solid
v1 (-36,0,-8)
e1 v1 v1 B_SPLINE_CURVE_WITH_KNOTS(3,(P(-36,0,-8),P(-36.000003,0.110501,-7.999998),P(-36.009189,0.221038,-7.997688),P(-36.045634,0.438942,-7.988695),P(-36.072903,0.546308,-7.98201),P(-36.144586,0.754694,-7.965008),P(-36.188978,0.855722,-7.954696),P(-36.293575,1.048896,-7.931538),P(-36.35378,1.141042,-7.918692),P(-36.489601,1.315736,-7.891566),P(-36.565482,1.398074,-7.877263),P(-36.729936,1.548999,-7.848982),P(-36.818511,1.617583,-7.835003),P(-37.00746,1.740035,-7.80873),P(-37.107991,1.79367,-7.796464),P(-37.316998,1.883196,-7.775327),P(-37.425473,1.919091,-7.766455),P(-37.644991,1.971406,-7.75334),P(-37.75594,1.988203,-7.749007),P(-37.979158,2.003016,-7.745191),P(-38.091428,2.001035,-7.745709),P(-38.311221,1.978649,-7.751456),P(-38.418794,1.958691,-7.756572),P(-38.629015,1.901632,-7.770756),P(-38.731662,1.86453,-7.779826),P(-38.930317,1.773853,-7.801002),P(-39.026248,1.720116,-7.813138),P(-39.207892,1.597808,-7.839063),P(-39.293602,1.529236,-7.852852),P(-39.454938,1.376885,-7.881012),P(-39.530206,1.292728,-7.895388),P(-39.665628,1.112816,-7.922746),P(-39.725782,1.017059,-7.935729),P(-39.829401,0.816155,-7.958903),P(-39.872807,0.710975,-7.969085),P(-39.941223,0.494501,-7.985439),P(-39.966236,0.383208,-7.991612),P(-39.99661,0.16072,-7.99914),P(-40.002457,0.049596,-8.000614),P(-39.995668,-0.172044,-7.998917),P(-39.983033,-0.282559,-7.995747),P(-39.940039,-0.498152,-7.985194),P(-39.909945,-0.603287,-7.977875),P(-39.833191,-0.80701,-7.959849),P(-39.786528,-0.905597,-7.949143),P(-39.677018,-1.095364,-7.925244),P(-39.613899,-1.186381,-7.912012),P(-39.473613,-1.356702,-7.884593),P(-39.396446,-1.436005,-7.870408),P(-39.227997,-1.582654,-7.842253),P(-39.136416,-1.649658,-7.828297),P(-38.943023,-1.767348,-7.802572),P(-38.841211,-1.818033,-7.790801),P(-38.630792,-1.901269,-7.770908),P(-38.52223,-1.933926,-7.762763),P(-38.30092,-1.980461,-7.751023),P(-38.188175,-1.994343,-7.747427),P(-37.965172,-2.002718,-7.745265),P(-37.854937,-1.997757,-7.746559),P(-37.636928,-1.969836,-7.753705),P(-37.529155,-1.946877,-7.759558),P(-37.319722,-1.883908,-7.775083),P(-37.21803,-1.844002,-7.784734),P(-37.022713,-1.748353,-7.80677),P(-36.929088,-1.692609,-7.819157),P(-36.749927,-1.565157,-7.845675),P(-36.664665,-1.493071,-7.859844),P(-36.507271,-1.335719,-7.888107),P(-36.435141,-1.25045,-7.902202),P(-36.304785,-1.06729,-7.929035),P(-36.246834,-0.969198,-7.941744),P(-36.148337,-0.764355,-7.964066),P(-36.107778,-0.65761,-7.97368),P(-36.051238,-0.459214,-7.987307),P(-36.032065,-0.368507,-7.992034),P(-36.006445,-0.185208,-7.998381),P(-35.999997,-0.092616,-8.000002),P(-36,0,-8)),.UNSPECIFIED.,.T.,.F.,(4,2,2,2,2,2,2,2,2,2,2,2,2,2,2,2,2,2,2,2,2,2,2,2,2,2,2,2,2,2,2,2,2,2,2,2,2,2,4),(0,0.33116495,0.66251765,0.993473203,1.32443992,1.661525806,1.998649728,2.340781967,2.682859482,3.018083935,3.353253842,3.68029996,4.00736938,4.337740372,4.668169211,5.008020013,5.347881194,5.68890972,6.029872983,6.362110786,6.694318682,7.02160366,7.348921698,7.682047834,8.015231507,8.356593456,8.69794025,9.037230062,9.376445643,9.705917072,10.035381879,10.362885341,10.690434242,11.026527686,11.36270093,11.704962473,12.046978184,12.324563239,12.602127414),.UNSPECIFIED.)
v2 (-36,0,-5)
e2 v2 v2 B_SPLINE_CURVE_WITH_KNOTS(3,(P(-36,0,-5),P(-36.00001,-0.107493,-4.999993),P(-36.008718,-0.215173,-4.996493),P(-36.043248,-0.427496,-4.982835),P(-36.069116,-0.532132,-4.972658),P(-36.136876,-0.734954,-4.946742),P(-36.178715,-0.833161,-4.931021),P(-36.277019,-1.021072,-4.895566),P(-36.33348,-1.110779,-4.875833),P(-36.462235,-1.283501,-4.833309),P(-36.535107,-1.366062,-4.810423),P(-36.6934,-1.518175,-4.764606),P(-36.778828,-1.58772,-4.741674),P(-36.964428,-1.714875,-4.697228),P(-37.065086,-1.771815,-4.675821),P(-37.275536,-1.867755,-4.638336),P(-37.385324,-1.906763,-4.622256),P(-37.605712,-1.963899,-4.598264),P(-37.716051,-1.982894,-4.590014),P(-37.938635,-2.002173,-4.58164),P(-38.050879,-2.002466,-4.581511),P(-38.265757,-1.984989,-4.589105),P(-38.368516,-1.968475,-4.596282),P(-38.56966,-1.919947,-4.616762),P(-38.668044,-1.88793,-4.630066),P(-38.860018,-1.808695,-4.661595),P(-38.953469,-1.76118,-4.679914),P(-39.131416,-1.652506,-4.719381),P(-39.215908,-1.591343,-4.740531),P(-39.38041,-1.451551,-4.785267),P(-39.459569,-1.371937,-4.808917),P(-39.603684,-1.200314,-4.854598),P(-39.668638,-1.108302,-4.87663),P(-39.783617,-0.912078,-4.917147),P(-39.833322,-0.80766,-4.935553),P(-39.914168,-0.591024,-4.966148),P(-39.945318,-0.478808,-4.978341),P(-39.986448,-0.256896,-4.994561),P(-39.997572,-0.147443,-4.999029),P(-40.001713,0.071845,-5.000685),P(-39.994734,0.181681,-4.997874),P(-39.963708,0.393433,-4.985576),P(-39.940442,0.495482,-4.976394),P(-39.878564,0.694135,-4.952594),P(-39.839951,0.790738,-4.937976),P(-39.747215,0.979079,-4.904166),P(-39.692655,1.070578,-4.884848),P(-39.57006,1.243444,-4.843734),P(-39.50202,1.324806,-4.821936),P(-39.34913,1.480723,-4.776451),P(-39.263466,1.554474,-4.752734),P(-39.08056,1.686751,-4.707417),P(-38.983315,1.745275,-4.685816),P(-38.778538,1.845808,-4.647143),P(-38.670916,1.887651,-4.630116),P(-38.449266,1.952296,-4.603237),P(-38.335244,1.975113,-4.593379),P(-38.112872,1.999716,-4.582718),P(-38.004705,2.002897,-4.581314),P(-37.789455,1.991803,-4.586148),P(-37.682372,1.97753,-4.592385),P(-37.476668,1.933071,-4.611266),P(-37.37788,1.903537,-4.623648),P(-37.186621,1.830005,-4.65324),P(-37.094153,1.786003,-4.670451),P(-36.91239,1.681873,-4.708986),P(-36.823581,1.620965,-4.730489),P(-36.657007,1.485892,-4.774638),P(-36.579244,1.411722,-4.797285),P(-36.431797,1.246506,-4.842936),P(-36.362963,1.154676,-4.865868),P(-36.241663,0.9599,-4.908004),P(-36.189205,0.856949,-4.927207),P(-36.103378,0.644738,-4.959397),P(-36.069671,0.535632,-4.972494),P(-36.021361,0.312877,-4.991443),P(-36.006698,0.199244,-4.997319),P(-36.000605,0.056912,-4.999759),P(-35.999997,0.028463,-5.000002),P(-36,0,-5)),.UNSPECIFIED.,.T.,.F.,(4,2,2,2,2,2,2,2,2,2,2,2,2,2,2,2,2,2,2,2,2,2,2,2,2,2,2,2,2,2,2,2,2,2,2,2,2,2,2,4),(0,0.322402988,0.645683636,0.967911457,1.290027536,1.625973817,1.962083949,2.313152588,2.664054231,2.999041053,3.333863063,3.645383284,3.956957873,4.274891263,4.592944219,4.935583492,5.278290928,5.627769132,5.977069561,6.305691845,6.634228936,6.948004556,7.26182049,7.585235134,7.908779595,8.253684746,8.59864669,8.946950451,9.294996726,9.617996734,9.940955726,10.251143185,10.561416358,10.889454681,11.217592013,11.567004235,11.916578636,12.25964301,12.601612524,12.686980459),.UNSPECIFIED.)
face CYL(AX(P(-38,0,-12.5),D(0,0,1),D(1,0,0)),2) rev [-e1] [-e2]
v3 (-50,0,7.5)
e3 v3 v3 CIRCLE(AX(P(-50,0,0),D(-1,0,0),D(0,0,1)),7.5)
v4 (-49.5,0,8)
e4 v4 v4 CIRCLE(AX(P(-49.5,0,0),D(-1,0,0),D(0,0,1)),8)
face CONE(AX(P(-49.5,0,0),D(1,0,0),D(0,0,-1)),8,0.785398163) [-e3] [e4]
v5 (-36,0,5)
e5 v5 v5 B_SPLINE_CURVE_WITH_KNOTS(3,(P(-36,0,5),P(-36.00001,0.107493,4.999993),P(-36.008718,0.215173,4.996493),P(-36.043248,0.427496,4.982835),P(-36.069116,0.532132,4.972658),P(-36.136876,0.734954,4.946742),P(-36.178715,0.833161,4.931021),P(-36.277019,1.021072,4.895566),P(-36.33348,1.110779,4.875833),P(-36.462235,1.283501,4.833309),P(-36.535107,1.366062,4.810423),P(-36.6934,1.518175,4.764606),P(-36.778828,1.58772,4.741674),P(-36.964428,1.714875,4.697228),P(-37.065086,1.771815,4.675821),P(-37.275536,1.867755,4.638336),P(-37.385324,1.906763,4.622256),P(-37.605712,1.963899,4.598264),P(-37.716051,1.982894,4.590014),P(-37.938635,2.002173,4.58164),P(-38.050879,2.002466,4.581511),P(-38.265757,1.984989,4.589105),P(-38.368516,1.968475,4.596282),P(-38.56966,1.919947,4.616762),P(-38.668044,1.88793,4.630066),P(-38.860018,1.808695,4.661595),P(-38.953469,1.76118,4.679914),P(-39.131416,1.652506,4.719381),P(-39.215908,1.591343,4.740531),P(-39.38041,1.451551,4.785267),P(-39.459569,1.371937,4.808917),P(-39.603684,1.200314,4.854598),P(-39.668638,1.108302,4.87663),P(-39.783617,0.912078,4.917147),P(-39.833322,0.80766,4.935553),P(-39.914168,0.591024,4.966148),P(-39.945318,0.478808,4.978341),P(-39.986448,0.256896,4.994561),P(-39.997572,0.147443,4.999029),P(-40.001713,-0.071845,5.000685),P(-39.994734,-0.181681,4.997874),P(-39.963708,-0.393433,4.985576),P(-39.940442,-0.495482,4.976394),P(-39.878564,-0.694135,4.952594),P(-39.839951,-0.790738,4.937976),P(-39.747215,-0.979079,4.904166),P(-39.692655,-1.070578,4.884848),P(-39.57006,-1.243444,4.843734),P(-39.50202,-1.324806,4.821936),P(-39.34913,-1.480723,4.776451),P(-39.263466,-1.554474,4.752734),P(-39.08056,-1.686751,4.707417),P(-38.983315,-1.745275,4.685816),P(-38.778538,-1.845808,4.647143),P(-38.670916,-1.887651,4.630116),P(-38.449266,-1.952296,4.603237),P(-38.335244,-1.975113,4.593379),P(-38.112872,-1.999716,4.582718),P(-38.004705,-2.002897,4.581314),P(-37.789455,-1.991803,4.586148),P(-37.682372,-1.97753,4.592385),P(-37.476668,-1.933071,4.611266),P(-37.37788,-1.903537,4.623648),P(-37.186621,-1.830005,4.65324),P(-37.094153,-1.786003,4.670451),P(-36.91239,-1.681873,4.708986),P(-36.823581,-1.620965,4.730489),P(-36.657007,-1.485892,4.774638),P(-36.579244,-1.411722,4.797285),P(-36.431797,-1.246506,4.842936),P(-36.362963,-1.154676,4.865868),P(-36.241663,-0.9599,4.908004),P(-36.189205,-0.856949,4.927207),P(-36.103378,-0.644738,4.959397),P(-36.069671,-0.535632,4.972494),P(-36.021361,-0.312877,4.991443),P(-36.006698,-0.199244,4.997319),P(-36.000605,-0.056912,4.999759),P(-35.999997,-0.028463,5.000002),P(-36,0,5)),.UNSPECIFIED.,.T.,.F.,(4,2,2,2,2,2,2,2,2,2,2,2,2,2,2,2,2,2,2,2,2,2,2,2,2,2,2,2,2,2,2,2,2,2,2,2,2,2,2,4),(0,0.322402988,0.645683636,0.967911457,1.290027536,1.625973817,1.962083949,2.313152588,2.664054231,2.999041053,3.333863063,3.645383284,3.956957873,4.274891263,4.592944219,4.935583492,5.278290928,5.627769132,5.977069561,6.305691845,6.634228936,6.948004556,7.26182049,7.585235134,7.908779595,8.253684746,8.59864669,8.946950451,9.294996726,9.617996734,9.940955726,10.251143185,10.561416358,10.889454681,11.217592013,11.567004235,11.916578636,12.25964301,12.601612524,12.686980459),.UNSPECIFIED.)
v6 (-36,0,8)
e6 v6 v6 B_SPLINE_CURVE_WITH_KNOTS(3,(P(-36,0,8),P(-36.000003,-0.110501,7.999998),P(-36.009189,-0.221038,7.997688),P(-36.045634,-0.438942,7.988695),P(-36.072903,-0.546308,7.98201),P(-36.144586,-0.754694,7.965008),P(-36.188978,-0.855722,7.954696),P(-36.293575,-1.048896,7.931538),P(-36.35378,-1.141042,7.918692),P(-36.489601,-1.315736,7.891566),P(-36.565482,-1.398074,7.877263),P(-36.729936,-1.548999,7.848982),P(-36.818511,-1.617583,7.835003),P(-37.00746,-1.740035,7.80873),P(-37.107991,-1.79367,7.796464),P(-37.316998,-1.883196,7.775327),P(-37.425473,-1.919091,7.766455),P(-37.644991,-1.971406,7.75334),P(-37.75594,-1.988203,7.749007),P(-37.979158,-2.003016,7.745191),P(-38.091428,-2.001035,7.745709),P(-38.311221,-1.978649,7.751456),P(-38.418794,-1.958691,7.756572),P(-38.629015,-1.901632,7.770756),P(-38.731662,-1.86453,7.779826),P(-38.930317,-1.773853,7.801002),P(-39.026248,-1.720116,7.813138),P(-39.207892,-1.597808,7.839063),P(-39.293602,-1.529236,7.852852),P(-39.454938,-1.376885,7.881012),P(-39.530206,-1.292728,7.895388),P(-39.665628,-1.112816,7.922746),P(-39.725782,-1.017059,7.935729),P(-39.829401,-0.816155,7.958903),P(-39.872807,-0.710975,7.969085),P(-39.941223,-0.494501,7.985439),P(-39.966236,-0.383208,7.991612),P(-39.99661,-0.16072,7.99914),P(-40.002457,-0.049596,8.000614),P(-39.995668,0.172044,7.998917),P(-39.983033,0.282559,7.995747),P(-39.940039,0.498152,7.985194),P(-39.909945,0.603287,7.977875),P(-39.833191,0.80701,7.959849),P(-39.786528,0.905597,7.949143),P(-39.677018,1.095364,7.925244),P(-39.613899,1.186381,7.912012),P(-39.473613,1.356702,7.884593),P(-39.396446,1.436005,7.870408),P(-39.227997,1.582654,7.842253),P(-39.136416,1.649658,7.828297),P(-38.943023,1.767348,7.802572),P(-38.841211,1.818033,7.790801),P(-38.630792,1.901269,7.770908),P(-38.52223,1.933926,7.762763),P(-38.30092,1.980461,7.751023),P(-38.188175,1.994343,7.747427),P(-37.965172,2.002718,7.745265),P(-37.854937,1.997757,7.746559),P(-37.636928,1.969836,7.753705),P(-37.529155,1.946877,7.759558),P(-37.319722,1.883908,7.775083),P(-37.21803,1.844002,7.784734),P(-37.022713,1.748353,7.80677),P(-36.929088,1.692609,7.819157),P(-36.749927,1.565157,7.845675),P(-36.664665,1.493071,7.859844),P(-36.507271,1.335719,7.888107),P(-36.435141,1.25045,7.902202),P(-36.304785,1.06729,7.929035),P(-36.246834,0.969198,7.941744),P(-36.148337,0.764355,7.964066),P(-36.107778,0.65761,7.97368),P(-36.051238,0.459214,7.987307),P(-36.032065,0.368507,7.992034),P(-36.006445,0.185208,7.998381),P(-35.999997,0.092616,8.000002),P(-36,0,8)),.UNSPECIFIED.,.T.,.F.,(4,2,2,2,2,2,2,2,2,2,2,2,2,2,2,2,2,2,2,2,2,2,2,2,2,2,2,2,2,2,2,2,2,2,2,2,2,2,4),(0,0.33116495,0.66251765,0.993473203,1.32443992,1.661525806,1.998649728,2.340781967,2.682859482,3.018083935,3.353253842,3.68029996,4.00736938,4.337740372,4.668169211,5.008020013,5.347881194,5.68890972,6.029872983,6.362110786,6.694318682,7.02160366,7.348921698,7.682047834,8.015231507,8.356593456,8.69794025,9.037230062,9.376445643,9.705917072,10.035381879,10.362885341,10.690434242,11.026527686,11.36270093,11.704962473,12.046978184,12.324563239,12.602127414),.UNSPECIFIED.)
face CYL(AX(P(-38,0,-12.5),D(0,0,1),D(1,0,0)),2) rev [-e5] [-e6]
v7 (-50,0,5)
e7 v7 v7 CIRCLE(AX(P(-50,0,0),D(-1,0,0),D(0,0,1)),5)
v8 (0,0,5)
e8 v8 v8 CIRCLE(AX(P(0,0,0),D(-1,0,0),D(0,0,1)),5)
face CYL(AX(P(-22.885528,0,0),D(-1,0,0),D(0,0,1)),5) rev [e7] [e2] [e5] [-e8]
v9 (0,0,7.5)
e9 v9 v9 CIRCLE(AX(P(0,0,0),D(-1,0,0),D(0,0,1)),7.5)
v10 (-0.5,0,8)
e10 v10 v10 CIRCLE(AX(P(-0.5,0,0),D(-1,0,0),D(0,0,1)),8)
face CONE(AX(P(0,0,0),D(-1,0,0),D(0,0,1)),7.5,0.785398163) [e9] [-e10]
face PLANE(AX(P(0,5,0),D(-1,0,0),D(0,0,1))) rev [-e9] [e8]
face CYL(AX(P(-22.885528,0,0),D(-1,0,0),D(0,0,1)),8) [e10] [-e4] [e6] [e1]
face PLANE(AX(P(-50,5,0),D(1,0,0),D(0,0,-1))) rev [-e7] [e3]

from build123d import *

# Parameters (mm, degrees)
ESQUISSE2_R             = 2
ENL_V_MAT_EXTRU_1_DEPTH = 12.5


with BuildPart() as part:
    # Esquisse1 → Base-Révolution (revolve)
    with BuildSketch(Plane.XY):
        Polygon((-0.5, 8), (0, 7.5), (0, 5), (-50, 5), (-50, 7.5), (-49.5, 8), align=None)
    revolve(axis=Axis((-22.885527638, 0, 0), (1, 0, 0)))

    # Esquisse2 → Enlèv. mat.-Extru.1 (cut, symmetric)
    with BuildSketch(Plane.XY):
        with Locations((-38, 0)):
            Circle(ESQUISSE2_R)
    extrude(amount=ENL_V_MAT_EXTRU_1_DEPTH, both=True, mode=Mode.SUBTRACT)


solid = part.part
